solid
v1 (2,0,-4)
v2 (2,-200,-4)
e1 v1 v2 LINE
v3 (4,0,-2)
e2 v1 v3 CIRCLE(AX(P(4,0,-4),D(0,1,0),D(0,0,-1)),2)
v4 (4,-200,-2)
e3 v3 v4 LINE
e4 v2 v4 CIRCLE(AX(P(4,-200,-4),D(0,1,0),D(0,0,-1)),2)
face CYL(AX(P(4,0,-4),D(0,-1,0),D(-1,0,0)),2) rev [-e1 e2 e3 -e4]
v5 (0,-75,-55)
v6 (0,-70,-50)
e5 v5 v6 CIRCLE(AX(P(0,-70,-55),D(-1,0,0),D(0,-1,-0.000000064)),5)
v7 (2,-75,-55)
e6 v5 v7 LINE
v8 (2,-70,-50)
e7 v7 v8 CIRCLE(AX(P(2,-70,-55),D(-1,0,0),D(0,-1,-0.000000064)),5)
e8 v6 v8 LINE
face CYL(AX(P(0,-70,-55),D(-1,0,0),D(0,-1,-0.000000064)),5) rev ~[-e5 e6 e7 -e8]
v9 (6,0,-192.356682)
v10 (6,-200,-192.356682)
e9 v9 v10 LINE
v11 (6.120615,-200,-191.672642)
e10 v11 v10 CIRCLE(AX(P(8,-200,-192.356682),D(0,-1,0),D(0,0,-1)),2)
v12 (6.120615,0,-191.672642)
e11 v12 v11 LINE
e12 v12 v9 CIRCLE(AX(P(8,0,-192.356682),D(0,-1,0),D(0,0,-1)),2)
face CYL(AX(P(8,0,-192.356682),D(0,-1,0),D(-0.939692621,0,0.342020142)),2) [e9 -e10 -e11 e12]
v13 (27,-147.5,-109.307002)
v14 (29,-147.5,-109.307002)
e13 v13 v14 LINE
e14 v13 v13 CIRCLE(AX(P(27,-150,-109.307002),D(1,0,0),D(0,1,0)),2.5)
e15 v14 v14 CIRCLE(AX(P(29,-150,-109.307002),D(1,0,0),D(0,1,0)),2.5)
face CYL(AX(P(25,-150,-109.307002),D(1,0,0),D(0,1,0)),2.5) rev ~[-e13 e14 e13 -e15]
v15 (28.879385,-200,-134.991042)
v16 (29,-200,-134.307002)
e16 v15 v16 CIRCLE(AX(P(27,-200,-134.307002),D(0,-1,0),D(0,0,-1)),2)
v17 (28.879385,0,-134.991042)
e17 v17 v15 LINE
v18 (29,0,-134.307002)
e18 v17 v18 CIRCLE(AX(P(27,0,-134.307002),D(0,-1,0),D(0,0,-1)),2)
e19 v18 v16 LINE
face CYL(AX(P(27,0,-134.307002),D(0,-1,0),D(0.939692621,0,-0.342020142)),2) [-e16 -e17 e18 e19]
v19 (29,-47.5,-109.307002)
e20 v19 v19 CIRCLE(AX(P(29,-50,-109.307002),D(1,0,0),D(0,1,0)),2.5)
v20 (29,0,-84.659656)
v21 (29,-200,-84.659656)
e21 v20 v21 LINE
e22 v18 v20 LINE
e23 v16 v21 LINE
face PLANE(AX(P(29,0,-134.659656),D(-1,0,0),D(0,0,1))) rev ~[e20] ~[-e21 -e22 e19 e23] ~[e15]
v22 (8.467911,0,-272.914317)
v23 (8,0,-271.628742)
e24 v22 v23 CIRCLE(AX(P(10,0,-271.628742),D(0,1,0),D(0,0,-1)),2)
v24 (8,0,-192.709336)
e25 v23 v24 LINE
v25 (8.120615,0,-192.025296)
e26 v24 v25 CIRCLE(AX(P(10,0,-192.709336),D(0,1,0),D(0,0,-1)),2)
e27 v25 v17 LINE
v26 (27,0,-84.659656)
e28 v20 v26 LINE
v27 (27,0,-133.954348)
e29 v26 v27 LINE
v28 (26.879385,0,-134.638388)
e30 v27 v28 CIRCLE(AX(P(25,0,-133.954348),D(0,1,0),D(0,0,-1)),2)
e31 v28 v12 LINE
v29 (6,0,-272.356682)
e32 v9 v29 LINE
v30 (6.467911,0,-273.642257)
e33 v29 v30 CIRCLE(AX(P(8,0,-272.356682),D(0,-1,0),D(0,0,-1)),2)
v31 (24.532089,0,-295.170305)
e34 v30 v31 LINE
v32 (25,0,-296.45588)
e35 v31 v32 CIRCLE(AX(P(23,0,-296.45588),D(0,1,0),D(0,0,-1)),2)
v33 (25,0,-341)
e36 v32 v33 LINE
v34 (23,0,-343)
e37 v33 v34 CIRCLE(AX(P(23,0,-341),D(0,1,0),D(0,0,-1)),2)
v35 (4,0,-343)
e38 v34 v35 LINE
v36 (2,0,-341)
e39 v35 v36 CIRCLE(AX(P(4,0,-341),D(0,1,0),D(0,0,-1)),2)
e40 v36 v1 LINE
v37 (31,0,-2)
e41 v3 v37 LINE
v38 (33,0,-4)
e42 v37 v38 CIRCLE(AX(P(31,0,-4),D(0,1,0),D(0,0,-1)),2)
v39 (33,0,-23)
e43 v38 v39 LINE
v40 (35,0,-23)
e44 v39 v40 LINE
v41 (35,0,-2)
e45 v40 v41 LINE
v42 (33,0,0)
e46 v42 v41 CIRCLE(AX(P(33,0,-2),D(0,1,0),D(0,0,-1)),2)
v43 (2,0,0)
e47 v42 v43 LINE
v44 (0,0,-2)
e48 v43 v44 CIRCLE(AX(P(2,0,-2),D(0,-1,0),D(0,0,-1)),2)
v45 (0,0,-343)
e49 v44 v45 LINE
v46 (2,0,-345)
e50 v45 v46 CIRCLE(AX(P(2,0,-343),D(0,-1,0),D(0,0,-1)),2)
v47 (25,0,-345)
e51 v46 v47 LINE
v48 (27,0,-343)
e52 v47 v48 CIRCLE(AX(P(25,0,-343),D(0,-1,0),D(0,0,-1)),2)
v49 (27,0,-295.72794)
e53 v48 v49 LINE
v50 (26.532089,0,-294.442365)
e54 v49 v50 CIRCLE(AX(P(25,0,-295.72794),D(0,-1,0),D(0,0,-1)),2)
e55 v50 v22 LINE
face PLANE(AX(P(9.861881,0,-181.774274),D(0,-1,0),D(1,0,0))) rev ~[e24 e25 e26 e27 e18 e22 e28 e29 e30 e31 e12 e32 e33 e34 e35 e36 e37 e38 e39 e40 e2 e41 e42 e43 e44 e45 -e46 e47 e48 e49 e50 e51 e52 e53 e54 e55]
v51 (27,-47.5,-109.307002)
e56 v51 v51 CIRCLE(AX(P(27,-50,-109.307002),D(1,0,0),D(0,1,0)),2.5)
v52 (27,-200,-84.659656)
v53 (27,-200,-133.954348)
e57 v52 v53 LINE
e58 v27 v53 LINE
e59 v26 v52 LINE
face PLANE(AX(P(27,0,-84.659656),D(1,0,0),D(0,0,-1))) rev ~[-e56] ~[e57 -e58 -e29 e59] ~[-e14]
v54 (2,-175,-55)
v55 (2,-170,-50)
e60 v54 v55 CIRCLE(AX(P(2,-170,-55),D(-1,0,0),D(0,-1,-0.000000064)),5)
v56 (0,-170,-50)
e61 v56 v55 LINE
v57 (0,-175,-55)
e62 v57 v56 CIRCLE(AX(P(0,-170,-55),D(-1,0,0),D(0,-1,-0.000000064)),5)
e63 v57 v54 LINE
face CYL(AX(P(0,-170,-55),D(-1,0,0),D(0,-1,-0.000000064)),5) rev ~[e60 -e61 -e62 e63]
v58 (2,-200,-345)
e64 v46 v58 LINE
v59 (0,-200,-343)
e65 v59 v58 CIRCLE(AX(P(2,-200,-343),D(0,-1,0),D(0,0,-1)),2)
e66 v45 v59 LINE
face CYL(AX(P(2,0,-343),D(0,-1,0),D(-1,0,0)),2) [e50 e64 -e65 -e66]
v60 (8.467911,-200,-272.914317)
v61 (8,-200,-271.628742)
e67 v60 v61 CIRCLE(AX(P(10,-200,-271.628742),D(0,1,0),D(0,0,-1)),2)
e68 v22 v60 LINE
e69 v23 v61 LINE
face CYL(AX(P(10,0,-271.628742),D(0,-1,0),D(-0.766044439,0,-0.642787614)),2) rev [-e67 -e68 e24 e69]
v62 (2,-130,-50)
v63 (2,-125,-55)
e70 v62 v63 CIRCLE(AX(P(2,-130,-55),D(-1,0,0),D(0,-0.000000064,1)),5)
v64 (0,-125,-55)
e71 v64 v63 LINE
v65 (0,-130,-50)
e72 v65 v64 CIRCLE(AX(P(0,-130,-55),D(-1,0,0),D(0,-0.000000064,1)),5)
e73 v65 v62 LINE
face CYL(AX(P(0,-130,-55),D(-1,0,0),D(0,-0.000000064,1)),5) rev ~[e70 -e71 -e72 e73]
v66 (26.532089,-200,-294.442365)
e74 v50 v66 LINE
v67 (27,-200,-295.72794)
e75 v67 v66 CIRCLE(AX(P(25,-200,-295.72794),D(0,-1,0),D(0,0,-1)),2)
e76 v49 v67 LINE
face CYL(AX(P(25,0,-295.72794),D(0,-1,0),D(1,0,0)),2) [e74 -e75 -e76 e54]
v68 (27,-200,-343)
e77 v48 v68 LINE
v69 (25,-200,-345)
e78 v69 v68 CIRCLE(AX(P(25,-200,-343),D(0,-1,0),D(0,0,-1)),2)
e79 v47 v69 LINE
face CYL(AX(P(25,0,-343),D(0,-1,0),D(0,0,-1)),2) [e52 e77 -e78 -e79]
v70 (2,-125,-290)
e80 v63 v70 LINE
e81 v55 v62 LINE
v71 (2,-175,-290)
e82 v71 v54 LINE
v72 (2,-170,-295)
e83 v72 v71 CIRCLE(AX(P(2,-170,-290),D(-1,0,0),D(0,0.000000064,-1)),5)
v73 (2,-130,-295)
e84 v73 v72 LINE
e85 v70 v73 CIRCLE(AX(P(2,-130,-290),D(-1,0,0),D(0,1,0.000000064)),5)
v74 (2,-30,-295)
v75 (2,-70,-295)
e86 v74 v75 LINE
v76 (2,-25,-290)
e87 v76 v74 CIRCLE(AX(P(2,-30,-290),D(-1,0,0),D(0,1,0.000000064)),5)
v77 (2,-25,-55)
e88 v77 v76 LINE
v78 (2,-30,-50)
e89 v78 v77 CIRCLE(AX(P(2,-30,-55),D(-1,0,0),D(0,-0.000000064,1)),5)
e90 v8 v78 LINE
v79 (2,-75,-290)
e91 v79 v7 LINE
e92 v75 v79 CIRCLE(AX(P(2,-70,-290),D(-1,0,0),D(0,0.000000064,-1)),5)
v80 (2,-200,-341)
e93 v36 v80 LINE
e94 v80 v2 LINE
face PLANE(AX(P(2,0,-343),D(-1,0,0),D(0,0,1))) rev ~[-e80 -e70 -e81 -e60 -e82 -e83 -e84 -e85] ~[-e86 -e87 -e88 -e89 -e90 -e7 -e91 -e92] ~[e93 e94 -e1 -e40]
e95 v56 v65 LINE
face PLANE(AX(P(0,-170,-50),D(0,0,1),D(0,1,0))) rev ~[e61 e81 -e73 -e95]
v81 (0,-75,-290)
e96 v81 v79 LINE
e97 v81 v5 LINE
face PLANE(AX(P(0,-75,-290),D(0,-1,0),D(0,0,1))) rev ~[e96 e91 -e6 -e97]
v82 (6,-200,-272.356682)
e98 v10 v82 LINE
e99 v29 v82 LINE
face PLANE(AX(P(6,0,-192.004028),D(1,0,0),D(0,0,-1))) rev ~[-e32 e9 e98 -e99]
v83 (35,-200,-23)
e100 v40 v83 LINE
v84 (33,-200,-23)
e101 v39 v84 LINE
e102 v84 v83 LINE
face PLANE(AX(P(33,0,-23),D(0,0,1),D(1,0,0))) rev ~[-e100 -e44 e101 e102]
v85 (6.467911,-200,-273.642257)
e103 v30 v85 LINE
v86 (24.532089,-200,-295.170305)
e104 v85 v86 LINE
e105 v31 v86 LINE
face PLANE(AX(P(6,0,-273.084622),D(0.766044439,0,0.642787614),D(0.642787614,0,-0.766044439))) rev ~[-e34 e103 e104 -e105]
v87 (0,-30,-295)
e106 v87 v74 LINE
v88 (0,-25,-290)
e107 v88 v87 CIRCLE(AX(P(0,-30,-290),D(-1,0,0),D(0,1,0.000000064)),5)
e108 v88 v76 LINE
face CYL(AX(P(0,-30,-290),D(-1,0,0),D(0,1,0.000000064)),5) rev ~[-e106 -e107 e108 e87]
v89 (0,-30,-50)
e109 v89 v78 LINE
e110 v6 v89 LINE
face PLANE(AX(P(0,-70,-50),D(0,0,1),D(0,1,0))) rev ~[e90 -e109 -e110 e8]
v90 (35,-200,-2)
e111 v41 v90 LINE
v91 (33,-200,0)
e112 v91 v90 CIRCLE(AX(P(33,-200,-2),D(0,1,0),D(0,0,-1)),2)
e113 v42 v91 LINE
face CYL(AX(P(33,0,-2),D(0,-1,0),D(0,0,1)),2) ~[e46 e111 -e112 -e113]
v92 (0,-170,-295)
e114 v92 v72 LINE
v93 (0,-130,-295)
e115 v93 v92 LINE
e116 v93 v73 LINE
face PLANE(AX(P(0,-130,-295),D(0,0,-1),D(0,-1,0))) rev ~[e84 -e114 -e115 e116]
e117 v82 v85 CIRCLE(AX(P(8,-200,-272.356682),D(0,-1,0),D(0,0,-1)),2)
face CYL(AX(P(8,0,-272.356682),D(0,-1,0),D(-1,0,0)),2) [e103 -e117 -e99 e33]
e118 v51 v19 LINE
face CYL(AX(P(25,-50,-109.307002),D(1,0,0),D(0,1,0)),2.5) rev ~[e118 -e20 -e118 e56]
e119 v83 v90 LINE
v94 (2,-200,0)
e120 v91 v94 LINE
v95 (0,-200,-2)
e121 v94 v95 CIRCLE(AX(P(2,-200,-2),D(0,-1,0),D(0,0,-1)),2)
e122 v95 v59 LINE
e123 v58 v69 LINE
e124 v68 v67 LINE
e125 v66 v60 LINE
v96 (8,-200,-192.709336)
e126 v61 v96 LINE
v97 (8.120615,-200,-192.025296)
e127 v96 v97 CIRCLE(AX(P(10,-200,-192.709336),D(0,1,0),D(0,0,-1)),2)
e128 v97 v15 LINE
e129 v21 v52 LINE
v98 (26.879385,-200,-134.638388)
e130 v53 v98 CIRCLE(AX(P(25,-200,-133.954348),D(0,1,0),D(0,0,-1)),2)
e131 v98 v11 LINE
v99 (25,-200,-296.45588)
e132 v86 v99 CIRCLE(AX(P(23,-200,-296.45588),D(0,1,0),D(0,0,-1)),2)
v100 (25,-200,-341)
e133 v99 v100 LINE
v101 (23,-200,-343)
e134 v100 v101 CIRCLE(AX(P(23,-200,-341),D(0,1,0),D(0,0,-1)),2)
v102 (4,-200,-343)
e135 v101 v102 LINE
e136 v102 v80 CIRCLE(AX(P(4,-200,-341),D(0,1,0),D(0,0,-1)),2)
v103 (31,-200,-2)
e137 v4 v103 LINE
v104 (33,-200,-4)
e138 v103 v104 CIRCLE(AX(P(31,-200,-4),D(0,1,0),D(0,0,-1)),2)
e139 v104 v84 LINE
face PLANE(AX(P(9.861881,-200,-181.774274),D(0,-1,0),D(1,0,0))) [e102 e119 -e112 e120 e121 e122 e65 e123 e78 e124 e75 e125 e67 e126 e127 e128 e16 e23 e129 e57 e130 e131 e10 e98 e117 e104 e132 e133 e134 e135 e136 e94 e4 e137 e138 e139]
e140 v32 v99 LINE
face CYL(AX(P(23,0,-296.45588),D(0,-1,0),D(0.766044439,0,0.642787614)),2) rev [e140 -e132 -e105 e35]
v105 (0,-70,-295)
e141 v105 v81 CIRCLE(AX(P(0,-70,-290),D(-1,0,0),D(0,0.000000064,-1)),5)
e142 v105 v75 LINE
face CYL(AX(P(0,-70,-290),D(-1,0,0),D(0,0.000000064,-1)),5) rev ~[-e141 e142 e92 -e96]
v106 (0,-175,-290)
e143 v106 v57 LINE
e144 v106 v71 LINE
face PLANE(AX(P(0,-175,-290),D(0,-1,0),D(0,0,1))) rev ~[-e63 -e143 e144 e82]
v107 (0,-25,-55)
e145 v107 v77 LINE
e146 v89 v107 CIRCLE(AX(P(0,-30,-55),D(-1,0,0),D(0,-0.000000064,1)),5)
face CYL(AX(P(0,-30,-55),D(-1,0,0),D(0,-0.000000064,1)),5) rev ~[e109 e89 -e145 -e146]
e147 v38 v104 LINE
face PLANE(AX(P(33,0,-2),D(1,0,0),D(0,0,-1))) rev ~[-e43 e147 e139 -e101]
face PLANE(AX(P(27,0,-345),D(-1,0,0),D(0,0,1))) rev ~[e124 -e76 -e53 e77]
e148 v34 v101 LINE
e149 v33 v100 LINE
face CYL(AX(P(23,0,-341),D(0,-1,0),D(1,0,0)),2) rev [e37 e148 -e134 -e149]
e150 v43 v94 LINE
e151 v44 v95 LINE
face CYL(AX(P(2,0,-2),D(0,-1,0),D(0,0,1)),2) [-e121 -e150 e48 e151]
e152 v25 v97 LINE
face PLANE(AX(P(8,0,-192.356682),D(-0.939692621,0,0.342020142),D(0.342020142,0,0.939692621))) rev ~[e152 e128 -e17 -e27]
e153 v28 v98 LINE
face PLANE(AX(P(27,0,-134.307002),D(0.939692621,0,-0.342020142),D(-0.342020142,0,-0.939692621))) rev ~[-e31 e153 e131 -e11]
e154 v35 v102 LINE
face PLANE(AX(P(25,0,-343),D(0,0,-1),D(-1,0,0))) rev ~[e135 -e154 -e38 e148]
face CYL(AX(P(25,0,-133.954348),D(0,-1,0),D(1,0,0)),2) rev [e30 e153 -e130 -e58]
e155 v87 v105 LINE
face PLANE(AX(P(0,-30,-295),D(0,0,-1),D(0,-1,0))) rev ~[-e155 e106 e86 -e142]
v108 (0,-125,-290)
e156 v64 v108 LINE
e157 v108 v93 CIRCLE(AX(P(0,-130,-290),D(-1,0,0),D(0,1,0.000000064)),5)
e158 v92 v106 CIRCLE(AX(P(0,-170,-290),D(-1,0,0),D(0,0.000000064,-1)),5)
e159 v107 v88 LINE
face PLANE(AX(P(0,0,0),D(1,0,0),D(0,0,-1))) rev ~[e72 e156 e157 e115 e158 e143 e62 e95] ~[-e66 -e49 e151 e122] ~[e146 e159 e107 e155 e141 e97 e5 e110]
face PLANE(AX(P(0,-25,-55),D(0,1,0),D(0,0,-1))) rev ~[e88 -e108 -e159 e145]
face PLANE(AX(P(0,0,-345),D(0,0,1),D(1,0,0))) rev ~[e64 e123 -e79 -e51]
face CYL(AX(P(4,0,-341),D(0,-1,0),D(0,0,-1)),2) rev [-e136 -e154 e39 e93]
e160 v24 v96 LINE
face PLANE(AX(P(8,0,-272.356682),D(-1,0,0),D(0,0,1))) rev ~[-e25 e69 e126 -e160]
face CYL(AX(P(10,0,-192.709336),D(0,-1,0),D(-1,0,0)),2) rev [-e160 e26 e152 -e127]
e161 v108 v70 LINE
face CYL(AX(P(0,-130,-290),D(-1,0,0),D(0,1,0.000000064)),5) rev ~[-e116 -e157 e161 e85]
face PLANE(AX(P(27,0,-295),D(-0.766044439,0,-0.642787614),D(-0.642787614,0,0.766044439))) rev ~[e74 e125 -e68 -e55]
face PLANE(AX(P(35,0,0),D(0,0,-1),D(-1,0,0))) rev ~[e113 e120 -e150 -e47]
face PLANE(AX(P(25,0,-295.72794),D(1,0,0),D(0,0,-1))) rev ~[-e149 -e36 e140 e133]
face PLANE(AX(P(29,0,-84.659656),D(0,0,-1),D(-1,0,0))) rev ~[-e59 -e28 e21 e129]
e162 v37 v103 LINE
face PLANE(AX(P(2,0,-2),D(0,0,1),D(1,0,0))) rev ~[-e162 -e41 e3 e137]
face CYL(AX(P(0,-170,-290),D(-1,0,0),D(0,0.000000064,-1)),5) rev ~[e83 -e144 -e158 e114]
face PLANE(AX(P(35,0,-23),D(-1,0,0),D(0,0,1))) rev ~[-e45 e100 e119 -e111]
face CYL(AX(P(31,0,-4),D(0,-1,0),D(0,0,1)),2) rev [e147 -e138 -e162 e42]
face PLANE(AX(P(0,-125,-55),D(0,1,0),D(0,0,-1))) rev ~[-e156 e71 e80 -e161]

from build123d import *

# Parameters (mm, degrees)
F1_DEPTH = 200
F2_R     = 2
F4_DEPTH = 4
F6_D     = 5
F6_DEPTH = 2


with BuildPart() as f1:
    # F0 (on Front) → F1 (new body)
    with BuildSketch(Plane.XZ):
        Polygon((35, 0), (0, 0), (0, -345), (27, -345), (27, -295), (8, -272.356682), (8, -192.356682), (29, -134.659656), (29, -84.659656), (27, -84.659656), (27, -134.307002), (6, -192.004028), (6, -273.084622), (25, -295.72794), (25, -343), (2, -343), (2, -2), (33, -2), (33, -23), (35, -23), align=None)
    extrude(amount=F1_DEPTH)

    # F2
    f2_edges = [f1.edges().sort_by_distance(p)[0] for p in [
        (0, -100, 0),
        (35, -100, 0),
        (33, -100, -2),
        (2, -100, -2),
        (0, -100, -345),
        (2, -100, -343),
        (27, -100, -345),
        (25, -100, -343),
        (25, -100, -295.72794),
        (27, -100, -295),
        (8, -100, -272.356682),
        (6, -100, -273.084622),
        (6, -100, -192.004028),
        (8, -100, -192.356682),
        (29, -100, -134.659656),
        (27, -100, -134.307002),
    ]]
    fillet(f2_edges, radius=F2_R)

    # F3 (on face) → F4 (cut)
    with BuildSketch(Plane(origin=(0, 0, 0), x_dir=(0, -1, 0), z_dir=(-1, 0, 0))):
        with BuildLine():
            Line((70, -50), (30, -50))
            ThreePointArc((30, -50), (26.464466, -51.464466), (25, -55))
            Line((25, -55), (25, -290))
            ThreePointArc((25, -290), (26.464466, -293.535534), (30, -295))
            Line((30, -295), (70, -295))
            ThreePointArc((70, -295), (73.535534, -293.535534), (75, -290))
            Line((75, -290), (75, -55))
            ThreePointArc((75, -55), (73.535534, -51.464466), (70, -50))
        make_face()
        with BuildLine():
            ThreePointArc((130, -50), (126.464466, -51.464466), (125, -55))
            Line((125, -55), (125, -290))
            ThreePointArc((125, -290), (126.464466, -293.535534), (130, -295))
            Line((130, -295), (170, -295))
            ThreePointArc((170, -295), (173.535534, -293.535534), (175, -290))
            Line((175, -290), (175, -55))
            ThreePointArc((175, -55), (173.535534, -51.464466), (170, -50))
            Line((170, -50), (130, -50))
        make_face()
    extrude(amount=-F4_DEPTH, mode=Mode.SUBTRACT)

    # F6
    with Locations(Plane(origin=(27, 0, 0), x_dir=(0, -1, 0), z_dir=(-1, 0, 0))):
        with Locations((50, -109.307002), (150, -109.307002)):
            Hole(F6_D / 2, depth=F6_DEPTH)


solid = f1.part
